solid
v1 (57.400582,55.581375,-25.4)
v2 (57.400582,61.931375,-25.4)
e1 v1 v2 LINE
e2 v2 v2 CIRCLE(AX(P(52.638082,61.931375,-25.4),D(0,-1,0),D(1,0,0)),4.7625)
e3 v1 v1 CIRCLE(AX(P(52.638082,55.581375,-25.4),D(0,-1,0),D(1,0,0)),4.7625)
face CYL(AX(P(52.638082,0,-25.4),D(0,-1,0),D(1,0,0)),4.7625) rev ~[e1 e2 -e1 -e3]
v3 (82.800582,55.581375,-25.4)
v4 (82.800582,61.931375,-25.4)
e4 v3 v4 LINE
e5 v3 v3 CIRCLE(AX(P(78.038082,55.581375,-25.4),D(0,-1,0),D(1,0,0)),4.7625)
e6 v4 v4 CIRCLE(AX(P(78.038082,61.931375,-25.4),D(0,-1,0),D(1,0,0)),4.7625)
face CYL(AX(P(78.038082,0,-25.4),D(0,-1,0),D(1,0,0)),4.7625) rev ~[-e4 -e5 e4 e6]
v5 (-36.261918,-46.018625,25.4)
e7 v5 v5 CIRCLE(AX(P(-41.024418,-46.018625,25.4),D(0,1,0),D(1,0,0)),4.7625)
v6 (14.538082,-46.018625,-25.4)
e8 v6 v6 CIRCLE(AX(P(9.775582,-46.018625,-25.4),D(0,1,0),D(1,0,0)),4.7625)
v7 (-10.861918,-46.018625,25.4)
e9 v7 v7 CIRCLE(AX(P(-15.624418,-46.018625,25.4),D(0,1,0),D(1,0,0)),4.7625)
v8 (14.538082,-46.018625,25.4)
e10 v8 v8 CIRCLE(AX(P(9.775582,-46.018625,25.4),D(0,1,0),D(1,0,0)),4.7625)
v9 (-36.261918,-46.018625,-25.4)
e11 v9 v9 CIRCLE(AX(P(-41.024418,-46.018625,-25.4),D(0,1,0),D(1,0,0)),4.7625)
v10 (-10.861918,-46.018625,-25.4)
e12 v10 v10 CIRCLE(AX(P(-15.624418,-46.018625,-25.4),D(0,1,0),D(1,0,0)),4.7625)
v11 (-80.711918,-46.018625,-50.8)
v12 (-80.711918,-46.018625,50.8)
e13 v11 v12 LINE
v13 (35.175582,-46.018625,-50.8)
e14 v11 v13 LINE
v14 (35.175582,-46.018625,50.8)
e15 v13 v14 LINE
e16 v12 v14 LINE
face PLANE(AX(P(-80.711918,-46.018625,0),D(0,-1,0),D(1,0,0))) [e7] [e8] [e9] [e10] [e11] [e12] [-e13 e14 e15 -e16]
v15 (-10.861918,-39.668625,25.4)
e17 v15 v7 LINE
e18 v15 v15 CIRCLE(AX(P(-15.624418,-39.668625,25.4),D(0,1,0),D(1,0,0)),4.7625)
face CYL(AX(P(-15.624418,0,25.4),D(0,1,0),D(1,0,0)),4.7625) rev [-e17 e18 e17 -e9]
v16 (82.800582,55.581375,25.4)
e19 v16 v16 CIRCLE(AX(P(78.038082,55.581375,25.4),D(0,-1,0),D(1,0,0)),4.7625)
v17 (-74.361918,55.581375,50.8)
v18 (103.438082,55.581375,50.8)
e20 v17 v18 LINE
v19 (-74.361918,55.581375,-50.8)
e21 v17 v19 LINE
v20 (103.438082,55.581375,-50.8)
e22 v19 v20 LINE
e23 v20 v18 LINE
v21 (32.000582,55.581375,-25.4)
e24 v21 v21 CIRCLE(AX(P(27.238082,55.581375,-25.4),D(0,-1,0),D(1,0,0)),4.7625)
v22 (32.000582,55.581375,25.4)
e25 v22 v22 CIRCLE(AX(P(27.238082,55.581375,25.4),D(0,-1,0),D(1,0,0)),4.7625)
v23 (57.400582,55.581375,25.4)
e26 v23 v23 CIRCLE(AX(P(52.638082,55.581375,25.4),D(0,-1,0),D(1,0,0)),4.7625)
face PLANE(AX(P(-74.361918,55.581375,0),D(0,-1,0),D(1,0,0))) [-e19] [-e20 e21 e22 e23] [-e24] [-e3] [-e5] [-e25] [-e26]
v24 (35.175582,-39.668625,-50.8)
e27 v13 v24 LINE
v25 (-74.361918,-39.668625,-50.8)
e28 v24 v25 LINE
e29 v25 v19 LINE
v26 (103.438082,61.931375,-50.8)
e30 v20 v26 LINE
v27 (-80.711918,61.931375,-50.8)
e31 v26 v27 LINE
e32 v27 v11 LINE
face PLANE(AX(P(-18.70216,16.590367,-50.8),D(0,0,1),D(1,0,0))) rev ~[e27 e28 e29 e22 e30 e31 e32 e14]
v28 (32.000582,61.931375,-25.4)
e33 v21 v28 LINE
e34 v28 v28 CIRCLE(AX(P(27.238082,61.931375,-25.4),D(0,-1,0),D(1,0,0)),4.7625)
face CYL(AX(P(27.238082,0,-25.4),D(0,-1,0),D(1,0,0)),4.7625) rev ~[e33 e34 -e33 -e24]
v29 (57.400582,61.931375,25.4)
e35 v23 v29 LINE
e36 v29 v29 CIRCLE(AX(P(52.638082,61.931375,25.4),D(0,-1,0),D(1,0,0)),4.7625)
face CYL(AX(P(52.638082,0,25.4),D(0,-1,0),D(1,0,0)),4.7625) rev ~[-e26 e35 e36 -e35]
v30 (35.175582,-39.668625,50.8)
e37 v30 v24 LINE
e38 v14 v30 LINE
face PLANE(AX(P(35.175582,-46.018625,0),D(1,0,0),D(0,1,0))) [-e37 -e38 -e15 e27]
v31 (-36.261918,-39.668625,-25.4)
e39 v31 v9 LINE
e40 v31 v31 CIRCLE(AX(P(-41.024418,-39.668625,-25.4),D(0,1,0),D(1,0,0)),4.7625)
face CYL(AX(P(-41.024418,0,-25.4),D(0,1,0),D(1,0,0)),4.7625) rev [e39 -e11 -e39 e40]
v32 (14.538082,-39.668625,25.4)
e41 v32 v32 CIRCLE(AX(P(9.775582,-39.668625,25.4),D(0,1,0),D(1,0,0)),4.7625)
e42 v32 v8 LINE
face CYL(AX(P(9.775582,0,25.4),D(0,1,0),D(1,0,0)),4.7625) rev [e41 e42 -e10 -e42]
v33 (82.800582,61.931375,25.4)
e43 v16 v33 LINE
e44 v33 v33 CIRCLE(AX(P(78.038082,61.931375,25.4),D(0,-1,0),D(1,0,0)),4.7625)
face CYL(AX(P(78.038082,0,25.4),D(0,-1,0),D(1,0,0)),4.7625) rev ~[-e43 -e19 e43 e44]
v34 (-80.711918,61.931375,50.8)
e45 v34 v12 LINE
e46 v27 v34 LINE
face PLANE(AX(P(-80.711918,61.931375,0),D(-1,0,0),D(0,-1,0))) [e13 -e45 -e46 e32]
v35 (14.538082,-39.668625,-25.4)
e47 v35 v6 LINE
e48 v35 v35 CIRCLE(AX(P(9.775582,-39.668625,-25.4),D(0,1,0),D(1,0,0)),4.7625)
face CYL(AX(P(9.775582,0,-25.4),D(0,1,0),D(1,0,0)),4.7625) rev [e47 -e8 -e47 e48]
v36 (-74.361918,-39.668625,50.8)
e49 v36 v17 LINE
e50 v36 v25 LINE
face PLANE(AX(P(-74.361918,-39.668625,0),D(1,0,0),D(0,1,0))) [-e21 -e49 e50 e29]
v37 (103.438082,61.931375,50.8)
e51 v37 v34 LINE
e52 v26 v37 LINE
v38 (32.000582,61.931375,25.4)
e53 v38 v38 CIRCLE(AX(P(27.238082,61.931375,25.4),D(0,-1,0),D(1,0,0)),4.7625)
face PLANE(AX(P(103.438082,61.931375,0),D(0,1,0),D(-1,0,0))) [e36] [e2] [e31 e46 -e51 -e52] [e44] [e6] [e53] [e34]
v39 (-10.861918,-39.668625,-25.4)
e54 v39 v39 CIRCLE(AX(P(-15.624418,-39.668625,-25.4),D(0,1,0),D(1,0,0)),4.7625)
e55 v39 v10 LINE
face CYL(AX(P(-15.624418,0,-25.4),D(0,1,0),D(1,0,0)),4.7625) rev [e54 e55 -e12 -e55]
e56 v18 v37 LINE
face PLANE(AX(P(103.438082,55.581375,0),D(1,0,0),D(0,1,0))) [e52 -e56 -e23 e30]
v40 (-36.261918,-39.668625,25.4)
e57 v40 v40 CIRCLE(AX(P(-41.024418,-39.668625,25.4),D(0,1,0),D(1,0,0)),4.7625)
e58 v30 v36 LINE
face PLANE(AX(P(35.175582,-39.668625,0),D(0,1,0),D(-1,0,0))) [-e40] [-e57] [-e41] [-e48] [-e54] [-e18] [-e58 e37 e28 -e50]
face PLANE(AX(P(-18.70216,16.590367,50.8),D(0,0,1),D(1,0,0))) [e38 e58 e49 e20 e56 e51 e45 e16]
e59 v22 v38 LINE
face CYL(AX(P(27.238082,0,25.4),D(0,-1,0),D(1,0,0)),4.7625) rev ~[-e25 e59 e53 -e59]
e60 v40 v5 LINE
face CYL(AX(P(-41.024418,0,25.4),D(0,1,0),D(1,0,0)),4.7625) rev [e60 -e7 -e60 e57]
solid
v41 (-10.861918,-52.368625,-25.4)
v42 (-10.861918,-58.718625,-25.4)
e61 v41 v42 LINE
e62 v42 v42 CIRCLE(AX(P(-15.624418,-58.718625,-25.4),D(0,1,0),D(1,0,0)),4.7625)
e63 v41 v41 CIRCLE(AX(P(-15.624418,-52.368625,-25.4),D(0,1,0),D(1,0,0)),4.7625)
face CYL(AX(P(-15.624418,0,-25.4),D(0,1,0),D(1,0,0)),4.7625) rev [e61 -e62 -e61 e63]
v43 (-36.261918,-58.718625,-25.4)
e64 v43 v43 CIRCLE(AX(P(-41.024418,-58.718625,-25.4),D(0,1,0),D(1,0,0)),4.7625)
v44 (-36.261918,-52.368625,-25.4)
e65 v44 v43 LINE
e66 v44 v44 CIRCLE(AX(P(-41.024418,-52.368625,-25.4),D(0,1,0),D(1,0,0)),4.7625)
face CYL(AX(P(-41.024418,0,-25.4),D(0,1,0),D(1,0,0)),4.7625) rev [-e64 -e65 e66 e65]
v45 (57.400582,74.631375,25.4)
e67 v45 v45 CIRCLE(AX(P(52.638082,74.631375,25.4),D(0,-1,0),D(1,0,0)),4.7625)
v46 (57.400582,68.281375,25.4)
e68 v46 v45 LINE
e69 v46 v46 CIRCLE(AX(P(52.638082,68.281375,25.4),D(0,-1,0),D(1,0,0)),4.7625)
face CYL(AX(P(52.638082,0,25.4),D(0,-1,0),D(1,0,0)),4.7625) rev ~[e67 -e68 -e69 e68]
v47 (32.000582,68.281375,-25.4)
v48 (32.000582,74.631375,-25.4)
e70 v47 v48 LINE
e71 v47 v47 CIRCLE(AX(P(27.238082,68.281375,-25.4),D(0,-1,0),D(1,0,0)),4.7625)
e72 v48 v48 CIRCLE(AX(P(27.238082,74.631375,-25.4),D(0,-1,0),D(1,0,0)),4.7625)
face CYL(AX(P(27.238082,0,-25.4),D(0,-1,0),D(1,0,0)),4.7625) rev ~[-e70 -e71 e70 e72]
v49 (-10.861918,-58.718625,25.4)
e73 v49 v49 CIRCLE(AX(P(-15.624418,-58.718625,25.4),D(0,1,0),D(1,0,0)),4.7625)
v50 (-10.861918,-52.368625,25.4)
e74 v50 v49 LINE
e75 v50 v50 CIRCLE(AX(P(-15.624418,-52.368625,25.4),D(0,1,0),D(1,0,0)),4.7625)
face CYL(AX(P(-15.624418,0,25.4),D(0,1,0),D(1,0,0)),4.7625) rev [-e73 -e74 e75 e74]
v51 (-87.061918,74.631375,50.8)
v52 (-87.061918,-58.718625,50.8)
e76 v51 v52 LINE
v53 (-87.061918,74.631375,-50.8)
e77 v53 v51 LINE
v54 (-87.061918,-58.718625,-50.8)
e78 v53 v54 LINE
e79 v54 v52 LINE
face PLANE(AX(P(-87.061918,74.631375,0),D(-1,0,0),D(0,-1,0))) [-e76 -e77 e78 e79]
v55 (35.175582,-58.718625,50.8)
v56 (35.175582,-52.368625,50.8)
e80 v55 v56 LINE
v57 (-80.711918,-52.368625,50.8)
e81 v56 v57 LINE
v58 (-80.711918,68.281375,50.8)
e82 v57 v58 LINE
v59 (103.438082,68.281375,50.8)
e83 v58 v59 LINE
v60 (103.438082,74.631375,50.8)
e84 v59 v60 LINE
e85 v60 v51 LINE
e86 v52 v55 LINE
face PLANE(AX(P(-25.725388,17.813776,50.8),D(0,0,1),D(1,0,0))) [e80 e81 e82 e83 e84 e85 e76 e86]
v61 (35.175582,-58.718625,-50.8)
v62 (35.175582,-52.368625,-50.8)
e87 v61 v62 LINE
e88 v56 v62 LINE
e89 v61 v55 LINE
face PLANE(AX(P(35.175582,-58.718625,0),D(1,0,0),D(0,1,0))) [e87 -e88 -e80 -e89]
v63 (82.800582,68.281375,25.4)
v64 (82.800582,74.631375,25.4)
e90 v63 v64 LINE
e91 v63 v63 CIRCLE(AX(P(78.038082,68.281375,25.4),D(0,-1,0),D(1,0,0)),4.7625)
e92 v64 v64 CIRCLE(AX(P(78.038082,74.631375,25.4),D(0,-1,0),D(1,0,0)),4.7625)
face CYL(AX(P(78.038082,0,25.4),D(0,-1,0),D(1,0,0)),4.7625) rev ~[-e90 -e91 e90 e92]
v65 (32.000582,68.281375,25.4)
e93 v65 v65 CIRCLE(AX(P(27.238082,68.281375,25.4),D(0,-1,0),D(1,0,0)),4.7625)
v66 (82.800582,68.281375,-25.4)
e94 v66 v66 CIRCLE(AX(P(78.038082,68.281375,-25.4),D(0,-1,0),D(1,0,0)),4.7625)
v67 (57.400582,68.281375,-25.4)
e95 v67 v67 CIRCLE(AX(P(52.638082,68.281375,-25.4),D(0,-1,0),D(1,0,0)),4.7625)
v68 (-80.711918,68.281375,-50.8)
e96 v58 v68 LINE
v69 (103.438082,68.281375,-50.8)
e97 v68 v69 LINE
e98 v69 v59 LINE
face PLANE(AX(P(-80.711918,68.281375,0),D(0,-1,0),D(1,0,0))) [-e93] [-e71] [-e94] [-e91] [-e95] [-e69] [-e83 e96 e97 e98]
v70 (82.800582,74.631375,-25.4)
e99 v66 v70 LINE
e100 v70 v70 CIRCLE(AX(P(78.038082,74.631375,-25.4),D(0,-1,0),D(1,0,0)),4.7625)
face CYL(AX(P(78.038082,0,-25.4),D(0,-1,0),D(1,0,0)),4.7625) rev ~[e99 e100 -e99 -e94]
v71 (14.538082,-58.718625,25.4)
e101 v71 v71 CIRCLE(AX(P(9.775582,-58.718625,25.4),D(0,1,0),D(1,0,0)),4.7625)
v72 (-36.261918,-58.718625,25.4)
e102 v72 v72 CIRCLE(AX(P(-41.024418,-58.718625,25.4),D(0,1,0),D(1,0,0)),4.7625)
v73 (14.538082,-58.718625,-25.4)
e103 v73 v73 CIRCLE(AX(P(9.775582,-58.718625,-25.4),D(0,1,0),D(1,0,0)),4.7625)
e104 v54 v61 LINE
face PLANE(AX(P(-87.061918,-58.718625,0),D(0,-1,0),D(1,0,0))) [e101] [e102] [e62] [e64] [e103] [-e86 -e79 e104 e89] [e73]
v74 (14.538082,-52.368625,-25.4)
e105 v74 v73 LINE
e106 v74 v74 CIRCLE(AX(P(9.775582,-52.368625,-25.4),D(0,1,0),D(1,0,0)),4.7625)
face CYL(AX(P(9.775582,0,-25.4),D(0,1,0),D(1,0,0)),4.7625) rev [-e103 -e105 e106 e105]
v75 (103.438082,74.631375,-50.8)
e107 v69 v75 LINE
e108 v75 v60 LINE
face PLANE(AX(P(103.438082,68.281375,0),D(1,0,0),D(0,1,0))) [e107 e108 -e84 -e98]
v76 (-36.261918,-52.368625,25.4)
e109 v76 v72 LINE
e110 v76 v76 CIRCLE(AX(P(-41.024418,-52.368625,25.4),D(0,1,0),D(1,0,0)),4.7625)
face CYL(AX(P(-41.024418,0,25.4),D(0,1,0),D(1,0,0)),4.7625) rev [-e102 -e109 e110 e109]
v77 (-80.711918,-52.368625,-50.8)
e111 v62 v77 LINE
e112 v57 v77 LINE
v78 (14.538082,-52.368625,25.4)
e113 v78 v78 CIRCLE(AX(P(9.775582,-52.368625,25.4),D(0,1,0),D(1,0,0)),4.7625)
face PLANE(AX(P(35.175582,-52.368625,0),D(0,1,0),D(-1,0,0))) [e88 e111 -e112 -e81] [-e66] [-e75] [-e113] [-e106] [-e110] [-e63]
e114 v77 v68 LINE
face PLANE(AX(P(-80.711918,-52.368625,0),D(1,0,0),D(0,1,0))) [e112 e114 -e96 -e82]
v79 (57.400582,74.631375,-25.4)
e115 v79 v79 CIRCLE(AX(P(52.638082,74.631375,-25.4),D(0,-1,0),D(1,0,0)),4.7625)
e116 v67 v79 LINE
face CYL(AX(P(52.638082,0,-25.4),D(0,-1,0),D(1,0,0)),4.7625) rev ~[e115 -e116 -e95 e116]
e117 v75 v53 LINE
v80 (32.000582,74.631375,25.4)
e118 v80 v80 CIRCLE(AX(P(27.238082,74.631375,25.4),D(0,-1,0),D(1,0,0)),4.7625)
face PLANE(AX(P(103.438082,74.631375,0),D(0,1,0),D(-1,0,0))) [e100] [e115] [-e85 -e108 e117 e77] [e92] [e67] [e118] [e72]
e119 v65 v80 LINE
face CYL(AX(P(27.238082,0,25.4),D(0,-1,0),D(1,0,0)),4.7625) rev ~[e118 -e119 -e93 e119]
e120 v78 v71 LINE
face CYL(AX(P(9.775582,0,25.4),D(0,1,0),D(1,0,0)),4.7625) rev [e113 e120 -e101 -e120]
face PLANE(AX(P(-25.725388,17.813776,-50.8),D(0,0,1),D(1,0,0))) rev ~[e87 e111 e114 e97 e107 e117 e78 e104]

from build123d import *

# Parameters (mm, degrees)
F1_DEPTH = 50.8
F3_DEPTH = 50.8
F4_R     = 4.7625
F5_DEPTH = 74.632375
F6_R     = 4.7625
F7_DEPTH = 58.719625


with BuildPart() as f1:
    # F0 (on Top) → F1 (new body, symmetric)
    with BuildSketch(Plane.XY):
        Polygon((-74.361918, 55.581375), (103.438082, 55.581375), (103.438082, 61.931375), (-80.711918, 61.931375), (-80.711918, -46.018625), (35.175582, -46.018625), (35.175582, -39.668625), (-74.361918, -39.668625), align=None)
    extrude(amount=F1_DEPTH, both=True)


with BuildPart() as f3:
    # F2 (on Top) → F3 (new body, symmetric)
    with BuildSketch(Plane.XY):
        Polygon((-80.711918, 68.281375), (103.438082, 68.281375), (103.438082, 74.631375), (-87.061918, 74.631375), (-87.061918, -58.718625), (35.175582, -58.718625), (35.175582, -52.368625), (-80.711918, -52.368625), align=None)
    extrude(amount=F3_DEPTH, both=True)


with BuildPart() as f5_tool:
    # F4 (on Front) → F5 (new body, through all)
    with BuildSketch(Plane.XZ):
        with Locations((78.038082, 25.4)):
            Circle(F4_R)
        with Locations((78.038082, -25.4)):
            Circle(F4_R)
        with Locations((52.638082, 25.4)):
            Circle(F4_R)
        with Locations((52.638082, -25.4)):
            Circle(F4_R)
        with Locations((27.238082, 25.4)):
            Circle(F4_R)
        with Locations((27.238082, -25.4)):
            Circle(F4_R)
    extrude(amount=-F5_DEPTH)


with BuildPart() as f1_1:
    add(f1.part)

    # F5: cut by f5_tool
    add(f5_tool.part, mode=Mode.SUBTRACT)


with BuildPart() as f3_1:
    add(f3.part)

    # F5: cut by f5_tool
    add(f5_tool.part, mode=Mode.SUBTRACT)


with BuildPart() as f7_tool:
    # F6 (on Front) → F7 (new body, through all)
    with BuildSketch(Plane.XZ):
        with Locations((9.775582, 25.4)):
            Circle(F6_R)
        with Locations((9.775582, -25.4)):
            Circle(F6_R)
        with Locations((-15.624418, 25.4)):
            Circle(F6_R)
        with Locations((-15.624418, -25.4)):
            Circle(F6_R)
        with Locations((-41.024418, 25.4)):
            Circle(F6_R)
        with Locations((-41.024418, -25.4)):
            Circle(F6_R)
    extrude(amount=F7_DEPTH)


with BuildPart() as f1_2:
    add(f1_1.part)

    # F7: cut by f7_tool
    add(f7_tool.part, mode=Mode.SUBTRACT)


with BuildPart() as f3_2:
    add(f3_1.part)

    # F7: cut by f7_tool
    add(f7_tool.part, mode=Mode.SUBTRACT)


solid = Compound([f1_2.part, f3_2.part])
